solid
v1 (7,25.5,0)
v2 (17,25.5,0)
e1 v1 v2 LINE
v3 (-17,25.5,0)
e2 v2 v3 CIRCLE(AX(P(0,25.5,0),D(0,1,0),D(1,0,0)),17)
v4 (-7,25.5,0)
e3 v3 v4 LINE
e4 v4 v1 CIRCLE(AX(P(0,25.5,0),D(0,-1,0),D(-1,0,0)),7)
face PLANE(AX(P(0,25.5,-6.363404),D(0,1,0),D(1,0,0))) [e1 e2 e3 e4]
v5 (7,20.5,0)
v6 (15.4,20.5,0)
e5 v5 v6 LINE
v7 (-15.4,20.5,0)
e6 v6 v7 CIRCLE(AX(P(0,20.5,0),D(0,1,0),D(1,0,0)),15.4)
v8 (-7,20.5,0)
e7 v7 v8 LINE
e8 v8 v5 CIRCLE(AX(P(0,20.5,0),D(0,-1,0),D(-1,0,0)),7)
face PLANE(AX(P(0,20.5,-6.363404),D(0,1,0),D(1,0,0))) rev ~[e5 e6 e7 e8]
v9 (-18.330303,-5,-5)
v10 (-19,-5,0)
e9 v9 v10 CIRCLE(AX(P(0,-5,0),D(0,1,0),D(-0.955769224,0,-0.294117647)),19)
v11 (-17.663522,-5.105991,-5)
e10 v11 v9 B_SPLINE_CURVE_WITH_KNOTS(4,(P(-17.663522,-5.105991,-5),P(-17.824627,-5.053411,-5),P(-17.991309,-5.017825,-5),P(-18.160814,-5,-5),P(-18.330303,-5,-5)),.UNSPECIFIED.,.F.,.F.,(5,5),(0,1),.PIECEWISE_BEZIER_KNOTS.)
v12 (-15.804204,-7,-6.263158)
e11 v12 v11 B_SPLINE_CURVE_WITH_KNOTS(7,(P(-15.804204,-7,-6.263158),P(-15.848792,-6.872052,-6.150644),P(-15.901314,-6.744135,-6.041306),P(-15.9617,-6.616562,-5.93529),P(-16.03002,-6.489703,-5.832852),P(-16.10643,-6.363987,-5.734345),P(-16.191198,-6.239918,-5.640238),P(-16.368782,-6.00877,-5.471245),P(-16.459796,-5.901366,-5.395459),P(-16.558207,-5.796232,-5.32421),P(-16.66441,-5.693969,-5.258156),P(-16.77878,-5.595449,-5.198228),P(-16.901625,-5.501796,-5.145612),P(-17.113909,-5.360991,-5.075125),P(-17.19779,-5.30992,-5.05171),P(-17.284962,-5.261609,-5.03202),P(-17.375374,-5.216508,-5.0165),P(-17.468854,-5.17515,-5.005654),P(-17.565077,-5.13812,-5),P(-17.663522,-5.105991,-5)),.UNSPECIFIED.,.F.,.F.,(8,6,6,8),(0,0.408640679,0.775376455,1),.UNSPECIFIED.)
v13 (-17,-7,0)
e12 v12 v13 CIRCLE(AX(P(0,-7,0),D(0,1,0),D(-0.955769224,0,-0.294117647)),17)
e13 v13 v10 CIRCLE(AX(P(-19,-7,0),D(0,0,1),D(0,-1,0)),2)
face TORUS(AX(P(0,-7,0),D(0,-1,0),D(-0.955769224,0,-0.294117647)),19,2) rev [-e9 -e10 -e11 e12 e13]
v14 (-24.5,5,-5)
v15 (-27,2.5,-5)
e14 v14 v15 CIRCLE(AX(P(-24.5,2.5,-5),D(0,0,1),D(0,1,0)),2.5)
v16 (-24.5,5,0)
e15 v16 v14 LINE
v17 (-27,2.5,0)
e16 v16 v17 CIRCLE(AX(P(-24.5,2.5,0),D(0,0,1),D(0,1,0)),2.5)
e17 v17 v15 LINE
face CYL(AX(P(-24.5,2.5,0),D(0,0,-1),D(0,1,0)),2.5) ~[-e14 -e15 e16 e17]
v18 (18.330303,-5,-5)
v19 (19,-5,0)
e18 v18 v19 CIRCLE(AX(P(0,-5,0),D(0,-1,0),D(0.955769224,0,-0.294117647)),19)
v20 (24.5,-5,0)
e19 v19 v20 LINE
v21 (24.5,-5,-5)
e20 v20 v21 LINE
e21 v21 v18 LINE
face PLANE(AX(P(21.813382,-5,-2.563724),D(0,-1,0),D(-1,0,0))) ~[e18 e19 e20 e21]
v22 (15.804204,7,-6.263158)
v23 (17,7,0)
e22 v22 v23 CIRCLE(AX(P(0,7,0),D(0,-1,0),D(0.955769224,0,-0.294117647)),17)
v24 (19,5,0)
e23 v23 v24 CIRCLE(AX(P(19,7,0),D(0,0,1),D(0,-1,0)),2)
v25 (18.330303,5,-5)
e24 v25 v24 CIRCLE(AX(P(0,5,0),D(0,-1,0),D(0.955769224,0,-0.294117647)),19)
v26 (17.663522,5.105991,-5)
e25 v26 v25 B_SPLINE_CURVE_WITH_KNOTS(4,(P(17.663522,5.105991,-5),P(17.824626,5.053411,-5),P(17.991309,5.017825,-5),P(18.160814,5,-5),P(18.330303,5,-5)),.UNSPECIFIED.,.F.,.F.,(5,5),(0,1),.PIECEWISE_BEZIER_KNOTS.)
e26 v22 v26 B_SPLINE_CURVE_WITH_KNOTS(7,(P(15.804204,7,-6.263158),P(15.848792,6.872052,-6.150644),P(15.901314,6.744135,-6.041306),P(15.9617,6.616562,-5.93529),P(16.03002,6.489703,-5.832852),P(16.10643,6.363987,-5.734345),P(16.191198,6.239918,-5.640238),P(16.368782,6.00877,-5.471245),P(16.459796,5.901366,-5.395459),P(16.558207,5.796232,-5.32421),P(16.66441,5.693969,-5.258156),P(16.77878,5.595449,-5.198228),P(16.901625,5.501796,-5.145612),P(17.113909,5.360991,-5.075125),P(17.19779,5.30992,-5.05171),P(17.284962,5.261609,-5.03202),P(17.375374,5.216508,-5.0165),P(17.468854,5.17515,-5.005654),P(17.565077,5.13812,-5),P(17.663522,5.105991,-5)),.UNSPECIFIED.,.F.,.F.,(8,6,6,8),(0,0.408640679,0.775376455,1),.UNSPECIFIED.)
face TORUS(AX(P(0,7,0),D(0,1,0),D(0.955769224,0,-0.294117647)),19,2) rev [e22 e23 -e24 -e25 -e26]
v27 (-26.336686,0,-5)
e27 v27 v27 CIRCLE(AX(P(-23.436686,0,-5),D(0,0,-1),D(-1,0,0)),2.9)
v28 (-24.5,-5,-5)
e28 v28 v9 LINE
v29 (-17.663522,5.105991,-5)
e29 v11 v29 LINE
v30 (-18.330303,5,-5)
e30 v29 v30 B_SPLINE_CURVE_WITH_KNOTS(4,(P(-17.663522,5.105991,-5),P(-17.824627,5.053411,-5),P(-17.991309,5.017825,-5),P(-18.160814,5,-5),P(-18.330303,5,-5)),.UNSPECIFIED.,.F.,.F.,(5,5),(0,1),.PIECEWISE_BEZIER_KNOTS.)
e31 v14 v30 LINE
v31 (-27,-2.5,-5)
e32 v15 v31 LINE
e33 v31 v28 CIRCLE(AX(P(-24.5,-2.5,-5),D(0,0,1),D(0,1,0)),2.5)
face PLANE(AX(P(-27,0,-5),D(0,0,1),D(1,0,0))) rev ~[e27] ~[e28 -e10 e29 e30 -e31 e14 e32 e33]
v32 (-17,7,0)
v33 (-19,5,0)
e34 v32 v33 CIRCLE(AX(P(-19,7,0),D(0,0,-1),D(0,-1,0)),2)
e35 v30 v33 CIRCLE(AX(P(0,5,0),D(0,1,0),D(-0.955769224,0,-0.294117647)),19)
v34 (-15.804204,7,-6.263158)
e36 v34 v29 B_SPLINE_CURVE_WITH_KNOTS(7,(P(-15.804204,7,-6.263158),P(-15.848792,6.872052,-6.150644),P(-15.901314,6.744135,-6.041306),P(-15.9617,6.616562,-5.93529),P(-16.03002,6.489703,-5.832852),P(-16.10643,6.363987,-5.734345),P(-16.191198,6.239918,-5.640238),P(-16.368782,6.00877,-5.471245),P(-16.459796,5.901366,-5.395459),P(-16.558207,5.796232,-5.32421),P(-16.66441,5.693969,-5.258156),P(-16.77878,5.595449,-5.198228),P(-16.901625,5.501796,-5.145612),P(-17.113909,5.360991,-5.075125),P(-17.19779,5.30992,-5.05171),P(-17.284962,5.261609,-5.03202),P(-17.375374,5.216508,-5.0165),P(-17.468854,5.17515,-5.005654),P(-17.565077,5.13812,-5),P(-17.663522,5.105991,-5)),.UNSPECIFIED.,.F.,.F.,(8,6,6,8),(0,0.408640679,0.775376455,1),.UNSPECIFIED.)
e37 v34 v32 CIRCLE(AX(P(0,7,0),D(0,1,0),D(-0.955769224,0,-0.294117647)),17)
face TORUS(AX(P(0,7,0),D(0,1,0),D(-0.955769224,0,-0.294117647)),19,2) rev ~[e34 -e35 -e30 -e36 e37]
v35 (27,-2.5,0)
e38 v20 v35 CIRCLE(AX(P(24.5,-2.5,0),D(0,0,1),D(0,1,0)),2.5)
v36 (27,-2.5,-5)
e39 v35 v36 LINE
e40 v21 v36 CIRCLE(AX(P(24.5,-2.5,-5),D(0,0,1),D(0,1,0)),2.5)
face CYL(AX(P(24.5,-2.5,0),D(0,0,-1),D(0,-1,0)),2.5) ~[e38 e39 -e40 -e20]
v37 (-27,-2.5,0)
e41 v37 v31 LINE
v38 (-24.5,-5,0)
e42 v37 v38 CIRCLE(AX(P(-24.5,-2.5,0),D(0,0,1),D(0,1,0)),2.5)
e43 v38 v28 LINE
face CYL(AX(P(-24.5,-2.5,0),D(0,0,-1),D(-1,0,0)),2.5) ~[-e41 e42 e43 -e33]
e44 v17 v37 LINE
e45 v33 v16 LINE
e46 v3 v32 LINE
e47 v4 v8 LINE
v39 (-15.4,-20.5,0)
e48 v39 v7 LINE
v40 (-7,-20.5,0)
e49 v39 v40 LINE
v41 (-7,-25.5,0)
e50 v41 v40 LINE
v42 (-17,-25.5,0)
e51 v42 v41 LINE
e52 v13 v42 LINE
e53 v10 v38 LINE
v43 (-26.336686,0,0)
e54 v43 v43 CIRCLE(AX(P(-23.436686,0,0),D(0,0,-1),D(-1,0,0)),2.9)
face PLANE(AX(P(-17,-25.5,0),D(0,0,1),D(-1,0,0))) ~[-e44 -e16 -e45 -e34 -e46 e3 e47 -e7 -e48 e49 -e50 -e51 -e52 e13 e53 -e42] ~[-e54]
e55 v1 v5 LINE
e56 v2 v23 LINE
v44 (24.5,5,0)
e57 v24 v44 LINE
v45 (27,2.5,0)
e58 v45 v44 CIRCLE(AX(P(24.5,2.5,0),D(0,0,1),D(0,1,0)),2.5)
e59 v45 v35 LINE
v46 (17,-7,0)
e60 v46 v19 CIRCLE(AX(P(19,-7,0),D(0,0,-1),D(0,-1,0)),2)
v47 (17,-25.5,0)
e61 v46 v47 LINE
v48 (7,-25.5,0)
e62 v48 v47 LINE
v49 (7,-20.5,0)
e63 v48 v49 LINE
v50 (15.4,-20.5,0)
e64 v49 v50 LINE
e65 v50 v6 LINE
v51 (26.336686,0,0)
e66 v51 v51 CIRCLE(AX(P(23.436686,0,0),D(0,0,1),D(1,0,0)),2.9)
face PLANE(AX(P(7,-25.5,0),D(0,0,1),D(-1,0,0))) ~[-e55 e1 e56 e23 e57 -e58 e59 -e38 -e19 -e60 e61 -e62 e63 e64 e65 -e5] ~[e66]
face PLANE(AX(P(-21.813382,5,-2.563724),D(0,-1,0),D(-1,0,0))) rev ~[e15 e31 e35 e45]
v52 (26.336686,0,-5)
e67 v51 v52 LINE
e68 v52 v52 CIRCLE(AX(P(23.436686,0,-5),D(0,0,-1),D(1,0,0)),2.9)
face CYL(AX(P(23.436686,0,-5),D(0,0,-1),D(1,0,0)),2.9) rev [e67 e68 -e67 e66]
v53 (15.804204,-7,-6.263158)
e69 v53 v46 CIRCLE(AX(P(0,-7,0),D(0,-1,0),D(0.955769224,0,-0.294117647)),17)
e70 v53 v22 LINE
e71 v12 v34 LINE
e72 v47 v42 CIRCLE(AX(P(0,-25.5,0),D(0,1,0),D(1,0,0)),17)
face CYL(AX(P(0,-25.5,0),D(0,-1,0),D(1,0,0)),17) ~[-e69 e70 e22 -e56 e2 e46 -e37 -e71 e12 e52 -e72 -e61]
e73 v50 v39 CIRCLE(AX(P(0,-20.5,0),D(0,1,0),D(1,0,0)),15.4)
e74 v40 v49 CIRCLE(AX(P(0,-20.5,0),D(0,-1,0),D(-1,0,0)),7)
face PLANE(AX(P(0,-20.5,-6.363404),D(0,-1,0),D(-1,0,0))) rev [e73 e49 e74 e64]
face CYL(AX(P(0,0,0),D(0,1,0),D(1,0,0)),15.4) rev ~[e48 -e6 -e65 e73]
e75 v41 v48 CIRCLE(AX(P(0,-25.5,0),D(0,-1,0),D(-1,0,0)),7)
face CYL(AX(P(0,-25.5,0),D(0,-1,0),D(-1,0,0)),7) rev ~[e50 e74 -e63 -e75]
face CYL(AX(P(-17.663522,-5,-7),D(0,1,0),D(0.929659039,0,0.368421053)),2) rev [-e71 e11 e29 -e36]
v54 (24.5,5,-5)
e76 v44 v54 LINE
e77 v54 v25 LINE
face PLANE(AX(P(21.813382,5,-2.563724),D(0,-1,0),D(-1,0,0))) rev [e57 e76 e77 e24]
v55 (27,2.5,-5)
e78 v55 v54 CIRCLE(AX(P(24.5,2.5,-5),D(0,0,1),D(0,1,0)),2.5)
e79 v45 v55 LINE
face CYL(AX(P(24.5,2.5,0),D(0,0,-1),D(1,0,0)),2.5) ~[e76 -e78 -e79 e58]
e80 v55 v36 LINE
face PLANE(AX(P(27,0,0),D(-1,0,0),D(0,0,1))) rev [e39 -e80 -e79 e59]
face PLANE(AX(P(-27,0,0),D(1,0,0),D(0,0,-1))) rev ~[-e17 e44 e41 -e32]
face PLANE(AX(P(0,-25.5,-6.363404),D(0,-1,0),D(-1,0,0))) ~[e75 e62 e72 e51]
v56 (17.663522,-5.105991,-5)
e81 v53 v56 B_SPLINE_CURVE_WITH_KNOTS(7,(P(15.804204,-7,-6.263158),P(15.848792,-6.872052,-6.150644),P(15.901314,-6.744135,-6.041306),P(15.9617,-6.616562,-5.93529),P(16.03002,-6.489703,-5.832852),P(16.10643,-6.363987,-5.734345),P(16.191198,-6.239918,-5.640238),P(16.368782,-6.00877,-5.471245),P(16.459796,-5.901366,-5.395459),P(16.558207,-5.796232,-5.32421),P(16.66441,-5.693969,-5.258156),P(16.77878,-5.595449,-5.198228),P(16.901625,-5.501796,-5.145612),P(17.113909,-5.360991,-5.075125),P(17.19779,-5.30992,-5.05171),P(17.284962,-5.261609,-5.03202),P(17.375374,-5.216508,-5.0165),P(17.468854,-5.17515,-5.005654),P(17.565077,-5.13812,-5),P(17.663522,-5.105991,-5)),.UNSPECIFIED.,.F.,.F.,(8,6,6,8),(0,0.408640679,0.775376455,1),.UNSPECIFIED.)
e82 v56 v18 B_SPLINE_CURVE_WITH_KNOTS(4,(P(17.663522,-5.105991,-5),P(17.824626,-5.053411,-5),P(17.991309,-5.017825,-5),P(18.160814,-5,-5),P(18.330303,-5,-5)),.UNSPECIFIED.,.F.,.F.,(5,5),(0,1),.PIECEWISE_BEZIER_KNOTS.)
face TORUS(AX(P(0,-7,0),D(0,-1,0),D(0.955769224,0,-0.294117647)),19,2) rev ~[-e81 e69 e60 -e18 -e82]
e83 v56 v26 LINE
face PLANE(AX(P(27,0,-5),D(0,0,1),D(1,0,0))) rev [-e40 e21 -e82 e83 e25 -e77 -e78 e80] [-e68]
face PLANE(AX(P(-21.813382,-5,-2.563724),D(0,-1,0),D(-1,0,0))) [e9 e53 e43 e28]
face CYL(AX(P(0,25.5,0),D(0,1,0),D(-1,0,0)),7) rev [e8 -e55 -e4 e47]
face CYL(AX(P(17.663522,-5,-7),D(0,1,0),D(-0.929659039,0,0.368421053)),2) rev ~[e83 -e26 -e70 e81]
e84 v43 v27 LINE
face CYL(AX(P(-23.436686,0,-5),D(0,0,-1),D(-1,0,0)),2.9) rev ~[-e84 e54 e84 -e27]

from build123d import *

# Parameters (mm, degrees)
BOSS_EXTRUDE1_DEPTH  = 20.5
BOSS_EXTRUDE2_START  = 5
BOSS_EXTRUDE2_DEPTH  = 5
BOSS_EXTRUDE3_DEPTH  = 5
FILLET1_R            = 2
SKETCH8_R            = 2.9
CUT_EXTRUDE4_DEPTH   = 5
FILLET1_OF_MIRROR3_R = 2
FILLET2_R            = 2.5


with BuildPart() as part:
    # Sketch1 → Boss-Extrude1 (new, symmetric)
    with BuildSketch(Plane(origin=(0, 0, 0), x_dir=(1, 0, 0), z_dir=(0, 1, 0))):
        with BuildLine():
            Line((-15.4, 0), (-17, 0))
            ThreePointArc((-17, 0), (0, 17), (17, 0))
            Line((17, 0), (15.4, 0))
            ThreePointArc((15.4, 0), (0, 15.4), (-15.4, 0))
        make_face()
    extrude(amount=BOSS_EXTRUDE1_DEPTH, both=True)

    # Sketch6 → Boss-Extrude2 (add)
    with BuildSketch(Plane(origin=(0, 20.5, 0), x_dir=(1, 0, 0), z_dir=(0, 1, 0)).offset(BOSS_EXTRUDE2_START)):
        with BuildLine():
            Line((-17, 0), (-7, 0))
            ThreePointArc((-7, 0), (0, 7), (7, 0))
            Line((7, 0), (17, 0))
            ThreePointArc((17, 0), (0, 17), (-17, 0))
        make_face()
    boss_extrude2 = extrude(amount=-BOSS_EXTRUDE2_DEPTH)

    # Mirror1: Boss-Extrude2 across plane
    add(boss_extrude2.mirror(Plane.ZX))

    # Sketch7 → Boss-Extrude3 (add, symmetric)
    with BuildSketch(Plane(origin=(0, 0, 0), x_dir=(1, 0, 0), z_dir=(0, 1, 0))):
        with BuildLine():
            Line((-17, 0), (-27, 0))
            Line((-27, 0), (-27, 5))
            Line((-27, 5), (-16.248076809, 5))
            ThreePointArc((-16.248076809, 5), (-16.810968231, 2.528111374), (-17, 0))
        make_face()
    boss_extrude3 = extrude(amount=BOSS_EXTRUDE3_DEPTH, both=True)

    # Fillet1
    fillet1_edges = [part.edges().sort_by_distance(p)[0] for p in [
        (-16.810968231, -5, -2.528111374),
        (-16.248076809, 0, -5),
        (-16.810968231, 5, -2.528111374),
    ]]
    fillet(fillet1_edges, radius=FILLET1_R)

    # Sketch8 → Cut-Extrude4 (cut, symmetric)
    with BuildSketch(Plane(origin=(0, 0, -5), x_dir=(-1, 0, 0), z_dir=(0, 0, -1))):
        with Locations((23.436686237, 0)):
            Circle(SKETCH8_R)
    cut_extrude4 = extrude(amount=CUT_EXTRUDE4_DEPTH, both=True, mode=Mode.SUBTRACT)

    # Mirror3: Boss-Extrude3, Cut-Extrude4 across plane
    add(boss_extrude3.mirror(Plane(origin=(0, 0, 0), x_dir=(0, 0, 1), z_dir=(1, 0, 0))))
    add(cut_extrude4.mirror(Plane(origin=(0, 0, 0), x_dir=(0, 0, 1), z_dir=(1, 0, 0))), mode=Mode.SUBTRACT)

    # Fillet1 of Mirror3
    fillet1_of_mirror3_edges = [part.edges().sort_by_distance(p)[0] for p in [
        (16.810968231, -5, -2.528111374),
        (16.248076809, 0, -5),
        (16.810968231, 5, -2.528111374),
    ]]
    fillet(fillet1_of_mirror3_edges, radius=FILLET1_OF_MIRROR3_R)

    # Fillet2
    fillet2_edges = [part.edges().sort_by_distance(p)[0] for p in [
        (-27, -5, -2.5),
        (-27, 5, -2.5),
        (27, 5, -2.5),
        (27, -5, -2.5),
    ]]
    fillet(fillet2_edges, radius=FILLET2_R)


solid = part.part
